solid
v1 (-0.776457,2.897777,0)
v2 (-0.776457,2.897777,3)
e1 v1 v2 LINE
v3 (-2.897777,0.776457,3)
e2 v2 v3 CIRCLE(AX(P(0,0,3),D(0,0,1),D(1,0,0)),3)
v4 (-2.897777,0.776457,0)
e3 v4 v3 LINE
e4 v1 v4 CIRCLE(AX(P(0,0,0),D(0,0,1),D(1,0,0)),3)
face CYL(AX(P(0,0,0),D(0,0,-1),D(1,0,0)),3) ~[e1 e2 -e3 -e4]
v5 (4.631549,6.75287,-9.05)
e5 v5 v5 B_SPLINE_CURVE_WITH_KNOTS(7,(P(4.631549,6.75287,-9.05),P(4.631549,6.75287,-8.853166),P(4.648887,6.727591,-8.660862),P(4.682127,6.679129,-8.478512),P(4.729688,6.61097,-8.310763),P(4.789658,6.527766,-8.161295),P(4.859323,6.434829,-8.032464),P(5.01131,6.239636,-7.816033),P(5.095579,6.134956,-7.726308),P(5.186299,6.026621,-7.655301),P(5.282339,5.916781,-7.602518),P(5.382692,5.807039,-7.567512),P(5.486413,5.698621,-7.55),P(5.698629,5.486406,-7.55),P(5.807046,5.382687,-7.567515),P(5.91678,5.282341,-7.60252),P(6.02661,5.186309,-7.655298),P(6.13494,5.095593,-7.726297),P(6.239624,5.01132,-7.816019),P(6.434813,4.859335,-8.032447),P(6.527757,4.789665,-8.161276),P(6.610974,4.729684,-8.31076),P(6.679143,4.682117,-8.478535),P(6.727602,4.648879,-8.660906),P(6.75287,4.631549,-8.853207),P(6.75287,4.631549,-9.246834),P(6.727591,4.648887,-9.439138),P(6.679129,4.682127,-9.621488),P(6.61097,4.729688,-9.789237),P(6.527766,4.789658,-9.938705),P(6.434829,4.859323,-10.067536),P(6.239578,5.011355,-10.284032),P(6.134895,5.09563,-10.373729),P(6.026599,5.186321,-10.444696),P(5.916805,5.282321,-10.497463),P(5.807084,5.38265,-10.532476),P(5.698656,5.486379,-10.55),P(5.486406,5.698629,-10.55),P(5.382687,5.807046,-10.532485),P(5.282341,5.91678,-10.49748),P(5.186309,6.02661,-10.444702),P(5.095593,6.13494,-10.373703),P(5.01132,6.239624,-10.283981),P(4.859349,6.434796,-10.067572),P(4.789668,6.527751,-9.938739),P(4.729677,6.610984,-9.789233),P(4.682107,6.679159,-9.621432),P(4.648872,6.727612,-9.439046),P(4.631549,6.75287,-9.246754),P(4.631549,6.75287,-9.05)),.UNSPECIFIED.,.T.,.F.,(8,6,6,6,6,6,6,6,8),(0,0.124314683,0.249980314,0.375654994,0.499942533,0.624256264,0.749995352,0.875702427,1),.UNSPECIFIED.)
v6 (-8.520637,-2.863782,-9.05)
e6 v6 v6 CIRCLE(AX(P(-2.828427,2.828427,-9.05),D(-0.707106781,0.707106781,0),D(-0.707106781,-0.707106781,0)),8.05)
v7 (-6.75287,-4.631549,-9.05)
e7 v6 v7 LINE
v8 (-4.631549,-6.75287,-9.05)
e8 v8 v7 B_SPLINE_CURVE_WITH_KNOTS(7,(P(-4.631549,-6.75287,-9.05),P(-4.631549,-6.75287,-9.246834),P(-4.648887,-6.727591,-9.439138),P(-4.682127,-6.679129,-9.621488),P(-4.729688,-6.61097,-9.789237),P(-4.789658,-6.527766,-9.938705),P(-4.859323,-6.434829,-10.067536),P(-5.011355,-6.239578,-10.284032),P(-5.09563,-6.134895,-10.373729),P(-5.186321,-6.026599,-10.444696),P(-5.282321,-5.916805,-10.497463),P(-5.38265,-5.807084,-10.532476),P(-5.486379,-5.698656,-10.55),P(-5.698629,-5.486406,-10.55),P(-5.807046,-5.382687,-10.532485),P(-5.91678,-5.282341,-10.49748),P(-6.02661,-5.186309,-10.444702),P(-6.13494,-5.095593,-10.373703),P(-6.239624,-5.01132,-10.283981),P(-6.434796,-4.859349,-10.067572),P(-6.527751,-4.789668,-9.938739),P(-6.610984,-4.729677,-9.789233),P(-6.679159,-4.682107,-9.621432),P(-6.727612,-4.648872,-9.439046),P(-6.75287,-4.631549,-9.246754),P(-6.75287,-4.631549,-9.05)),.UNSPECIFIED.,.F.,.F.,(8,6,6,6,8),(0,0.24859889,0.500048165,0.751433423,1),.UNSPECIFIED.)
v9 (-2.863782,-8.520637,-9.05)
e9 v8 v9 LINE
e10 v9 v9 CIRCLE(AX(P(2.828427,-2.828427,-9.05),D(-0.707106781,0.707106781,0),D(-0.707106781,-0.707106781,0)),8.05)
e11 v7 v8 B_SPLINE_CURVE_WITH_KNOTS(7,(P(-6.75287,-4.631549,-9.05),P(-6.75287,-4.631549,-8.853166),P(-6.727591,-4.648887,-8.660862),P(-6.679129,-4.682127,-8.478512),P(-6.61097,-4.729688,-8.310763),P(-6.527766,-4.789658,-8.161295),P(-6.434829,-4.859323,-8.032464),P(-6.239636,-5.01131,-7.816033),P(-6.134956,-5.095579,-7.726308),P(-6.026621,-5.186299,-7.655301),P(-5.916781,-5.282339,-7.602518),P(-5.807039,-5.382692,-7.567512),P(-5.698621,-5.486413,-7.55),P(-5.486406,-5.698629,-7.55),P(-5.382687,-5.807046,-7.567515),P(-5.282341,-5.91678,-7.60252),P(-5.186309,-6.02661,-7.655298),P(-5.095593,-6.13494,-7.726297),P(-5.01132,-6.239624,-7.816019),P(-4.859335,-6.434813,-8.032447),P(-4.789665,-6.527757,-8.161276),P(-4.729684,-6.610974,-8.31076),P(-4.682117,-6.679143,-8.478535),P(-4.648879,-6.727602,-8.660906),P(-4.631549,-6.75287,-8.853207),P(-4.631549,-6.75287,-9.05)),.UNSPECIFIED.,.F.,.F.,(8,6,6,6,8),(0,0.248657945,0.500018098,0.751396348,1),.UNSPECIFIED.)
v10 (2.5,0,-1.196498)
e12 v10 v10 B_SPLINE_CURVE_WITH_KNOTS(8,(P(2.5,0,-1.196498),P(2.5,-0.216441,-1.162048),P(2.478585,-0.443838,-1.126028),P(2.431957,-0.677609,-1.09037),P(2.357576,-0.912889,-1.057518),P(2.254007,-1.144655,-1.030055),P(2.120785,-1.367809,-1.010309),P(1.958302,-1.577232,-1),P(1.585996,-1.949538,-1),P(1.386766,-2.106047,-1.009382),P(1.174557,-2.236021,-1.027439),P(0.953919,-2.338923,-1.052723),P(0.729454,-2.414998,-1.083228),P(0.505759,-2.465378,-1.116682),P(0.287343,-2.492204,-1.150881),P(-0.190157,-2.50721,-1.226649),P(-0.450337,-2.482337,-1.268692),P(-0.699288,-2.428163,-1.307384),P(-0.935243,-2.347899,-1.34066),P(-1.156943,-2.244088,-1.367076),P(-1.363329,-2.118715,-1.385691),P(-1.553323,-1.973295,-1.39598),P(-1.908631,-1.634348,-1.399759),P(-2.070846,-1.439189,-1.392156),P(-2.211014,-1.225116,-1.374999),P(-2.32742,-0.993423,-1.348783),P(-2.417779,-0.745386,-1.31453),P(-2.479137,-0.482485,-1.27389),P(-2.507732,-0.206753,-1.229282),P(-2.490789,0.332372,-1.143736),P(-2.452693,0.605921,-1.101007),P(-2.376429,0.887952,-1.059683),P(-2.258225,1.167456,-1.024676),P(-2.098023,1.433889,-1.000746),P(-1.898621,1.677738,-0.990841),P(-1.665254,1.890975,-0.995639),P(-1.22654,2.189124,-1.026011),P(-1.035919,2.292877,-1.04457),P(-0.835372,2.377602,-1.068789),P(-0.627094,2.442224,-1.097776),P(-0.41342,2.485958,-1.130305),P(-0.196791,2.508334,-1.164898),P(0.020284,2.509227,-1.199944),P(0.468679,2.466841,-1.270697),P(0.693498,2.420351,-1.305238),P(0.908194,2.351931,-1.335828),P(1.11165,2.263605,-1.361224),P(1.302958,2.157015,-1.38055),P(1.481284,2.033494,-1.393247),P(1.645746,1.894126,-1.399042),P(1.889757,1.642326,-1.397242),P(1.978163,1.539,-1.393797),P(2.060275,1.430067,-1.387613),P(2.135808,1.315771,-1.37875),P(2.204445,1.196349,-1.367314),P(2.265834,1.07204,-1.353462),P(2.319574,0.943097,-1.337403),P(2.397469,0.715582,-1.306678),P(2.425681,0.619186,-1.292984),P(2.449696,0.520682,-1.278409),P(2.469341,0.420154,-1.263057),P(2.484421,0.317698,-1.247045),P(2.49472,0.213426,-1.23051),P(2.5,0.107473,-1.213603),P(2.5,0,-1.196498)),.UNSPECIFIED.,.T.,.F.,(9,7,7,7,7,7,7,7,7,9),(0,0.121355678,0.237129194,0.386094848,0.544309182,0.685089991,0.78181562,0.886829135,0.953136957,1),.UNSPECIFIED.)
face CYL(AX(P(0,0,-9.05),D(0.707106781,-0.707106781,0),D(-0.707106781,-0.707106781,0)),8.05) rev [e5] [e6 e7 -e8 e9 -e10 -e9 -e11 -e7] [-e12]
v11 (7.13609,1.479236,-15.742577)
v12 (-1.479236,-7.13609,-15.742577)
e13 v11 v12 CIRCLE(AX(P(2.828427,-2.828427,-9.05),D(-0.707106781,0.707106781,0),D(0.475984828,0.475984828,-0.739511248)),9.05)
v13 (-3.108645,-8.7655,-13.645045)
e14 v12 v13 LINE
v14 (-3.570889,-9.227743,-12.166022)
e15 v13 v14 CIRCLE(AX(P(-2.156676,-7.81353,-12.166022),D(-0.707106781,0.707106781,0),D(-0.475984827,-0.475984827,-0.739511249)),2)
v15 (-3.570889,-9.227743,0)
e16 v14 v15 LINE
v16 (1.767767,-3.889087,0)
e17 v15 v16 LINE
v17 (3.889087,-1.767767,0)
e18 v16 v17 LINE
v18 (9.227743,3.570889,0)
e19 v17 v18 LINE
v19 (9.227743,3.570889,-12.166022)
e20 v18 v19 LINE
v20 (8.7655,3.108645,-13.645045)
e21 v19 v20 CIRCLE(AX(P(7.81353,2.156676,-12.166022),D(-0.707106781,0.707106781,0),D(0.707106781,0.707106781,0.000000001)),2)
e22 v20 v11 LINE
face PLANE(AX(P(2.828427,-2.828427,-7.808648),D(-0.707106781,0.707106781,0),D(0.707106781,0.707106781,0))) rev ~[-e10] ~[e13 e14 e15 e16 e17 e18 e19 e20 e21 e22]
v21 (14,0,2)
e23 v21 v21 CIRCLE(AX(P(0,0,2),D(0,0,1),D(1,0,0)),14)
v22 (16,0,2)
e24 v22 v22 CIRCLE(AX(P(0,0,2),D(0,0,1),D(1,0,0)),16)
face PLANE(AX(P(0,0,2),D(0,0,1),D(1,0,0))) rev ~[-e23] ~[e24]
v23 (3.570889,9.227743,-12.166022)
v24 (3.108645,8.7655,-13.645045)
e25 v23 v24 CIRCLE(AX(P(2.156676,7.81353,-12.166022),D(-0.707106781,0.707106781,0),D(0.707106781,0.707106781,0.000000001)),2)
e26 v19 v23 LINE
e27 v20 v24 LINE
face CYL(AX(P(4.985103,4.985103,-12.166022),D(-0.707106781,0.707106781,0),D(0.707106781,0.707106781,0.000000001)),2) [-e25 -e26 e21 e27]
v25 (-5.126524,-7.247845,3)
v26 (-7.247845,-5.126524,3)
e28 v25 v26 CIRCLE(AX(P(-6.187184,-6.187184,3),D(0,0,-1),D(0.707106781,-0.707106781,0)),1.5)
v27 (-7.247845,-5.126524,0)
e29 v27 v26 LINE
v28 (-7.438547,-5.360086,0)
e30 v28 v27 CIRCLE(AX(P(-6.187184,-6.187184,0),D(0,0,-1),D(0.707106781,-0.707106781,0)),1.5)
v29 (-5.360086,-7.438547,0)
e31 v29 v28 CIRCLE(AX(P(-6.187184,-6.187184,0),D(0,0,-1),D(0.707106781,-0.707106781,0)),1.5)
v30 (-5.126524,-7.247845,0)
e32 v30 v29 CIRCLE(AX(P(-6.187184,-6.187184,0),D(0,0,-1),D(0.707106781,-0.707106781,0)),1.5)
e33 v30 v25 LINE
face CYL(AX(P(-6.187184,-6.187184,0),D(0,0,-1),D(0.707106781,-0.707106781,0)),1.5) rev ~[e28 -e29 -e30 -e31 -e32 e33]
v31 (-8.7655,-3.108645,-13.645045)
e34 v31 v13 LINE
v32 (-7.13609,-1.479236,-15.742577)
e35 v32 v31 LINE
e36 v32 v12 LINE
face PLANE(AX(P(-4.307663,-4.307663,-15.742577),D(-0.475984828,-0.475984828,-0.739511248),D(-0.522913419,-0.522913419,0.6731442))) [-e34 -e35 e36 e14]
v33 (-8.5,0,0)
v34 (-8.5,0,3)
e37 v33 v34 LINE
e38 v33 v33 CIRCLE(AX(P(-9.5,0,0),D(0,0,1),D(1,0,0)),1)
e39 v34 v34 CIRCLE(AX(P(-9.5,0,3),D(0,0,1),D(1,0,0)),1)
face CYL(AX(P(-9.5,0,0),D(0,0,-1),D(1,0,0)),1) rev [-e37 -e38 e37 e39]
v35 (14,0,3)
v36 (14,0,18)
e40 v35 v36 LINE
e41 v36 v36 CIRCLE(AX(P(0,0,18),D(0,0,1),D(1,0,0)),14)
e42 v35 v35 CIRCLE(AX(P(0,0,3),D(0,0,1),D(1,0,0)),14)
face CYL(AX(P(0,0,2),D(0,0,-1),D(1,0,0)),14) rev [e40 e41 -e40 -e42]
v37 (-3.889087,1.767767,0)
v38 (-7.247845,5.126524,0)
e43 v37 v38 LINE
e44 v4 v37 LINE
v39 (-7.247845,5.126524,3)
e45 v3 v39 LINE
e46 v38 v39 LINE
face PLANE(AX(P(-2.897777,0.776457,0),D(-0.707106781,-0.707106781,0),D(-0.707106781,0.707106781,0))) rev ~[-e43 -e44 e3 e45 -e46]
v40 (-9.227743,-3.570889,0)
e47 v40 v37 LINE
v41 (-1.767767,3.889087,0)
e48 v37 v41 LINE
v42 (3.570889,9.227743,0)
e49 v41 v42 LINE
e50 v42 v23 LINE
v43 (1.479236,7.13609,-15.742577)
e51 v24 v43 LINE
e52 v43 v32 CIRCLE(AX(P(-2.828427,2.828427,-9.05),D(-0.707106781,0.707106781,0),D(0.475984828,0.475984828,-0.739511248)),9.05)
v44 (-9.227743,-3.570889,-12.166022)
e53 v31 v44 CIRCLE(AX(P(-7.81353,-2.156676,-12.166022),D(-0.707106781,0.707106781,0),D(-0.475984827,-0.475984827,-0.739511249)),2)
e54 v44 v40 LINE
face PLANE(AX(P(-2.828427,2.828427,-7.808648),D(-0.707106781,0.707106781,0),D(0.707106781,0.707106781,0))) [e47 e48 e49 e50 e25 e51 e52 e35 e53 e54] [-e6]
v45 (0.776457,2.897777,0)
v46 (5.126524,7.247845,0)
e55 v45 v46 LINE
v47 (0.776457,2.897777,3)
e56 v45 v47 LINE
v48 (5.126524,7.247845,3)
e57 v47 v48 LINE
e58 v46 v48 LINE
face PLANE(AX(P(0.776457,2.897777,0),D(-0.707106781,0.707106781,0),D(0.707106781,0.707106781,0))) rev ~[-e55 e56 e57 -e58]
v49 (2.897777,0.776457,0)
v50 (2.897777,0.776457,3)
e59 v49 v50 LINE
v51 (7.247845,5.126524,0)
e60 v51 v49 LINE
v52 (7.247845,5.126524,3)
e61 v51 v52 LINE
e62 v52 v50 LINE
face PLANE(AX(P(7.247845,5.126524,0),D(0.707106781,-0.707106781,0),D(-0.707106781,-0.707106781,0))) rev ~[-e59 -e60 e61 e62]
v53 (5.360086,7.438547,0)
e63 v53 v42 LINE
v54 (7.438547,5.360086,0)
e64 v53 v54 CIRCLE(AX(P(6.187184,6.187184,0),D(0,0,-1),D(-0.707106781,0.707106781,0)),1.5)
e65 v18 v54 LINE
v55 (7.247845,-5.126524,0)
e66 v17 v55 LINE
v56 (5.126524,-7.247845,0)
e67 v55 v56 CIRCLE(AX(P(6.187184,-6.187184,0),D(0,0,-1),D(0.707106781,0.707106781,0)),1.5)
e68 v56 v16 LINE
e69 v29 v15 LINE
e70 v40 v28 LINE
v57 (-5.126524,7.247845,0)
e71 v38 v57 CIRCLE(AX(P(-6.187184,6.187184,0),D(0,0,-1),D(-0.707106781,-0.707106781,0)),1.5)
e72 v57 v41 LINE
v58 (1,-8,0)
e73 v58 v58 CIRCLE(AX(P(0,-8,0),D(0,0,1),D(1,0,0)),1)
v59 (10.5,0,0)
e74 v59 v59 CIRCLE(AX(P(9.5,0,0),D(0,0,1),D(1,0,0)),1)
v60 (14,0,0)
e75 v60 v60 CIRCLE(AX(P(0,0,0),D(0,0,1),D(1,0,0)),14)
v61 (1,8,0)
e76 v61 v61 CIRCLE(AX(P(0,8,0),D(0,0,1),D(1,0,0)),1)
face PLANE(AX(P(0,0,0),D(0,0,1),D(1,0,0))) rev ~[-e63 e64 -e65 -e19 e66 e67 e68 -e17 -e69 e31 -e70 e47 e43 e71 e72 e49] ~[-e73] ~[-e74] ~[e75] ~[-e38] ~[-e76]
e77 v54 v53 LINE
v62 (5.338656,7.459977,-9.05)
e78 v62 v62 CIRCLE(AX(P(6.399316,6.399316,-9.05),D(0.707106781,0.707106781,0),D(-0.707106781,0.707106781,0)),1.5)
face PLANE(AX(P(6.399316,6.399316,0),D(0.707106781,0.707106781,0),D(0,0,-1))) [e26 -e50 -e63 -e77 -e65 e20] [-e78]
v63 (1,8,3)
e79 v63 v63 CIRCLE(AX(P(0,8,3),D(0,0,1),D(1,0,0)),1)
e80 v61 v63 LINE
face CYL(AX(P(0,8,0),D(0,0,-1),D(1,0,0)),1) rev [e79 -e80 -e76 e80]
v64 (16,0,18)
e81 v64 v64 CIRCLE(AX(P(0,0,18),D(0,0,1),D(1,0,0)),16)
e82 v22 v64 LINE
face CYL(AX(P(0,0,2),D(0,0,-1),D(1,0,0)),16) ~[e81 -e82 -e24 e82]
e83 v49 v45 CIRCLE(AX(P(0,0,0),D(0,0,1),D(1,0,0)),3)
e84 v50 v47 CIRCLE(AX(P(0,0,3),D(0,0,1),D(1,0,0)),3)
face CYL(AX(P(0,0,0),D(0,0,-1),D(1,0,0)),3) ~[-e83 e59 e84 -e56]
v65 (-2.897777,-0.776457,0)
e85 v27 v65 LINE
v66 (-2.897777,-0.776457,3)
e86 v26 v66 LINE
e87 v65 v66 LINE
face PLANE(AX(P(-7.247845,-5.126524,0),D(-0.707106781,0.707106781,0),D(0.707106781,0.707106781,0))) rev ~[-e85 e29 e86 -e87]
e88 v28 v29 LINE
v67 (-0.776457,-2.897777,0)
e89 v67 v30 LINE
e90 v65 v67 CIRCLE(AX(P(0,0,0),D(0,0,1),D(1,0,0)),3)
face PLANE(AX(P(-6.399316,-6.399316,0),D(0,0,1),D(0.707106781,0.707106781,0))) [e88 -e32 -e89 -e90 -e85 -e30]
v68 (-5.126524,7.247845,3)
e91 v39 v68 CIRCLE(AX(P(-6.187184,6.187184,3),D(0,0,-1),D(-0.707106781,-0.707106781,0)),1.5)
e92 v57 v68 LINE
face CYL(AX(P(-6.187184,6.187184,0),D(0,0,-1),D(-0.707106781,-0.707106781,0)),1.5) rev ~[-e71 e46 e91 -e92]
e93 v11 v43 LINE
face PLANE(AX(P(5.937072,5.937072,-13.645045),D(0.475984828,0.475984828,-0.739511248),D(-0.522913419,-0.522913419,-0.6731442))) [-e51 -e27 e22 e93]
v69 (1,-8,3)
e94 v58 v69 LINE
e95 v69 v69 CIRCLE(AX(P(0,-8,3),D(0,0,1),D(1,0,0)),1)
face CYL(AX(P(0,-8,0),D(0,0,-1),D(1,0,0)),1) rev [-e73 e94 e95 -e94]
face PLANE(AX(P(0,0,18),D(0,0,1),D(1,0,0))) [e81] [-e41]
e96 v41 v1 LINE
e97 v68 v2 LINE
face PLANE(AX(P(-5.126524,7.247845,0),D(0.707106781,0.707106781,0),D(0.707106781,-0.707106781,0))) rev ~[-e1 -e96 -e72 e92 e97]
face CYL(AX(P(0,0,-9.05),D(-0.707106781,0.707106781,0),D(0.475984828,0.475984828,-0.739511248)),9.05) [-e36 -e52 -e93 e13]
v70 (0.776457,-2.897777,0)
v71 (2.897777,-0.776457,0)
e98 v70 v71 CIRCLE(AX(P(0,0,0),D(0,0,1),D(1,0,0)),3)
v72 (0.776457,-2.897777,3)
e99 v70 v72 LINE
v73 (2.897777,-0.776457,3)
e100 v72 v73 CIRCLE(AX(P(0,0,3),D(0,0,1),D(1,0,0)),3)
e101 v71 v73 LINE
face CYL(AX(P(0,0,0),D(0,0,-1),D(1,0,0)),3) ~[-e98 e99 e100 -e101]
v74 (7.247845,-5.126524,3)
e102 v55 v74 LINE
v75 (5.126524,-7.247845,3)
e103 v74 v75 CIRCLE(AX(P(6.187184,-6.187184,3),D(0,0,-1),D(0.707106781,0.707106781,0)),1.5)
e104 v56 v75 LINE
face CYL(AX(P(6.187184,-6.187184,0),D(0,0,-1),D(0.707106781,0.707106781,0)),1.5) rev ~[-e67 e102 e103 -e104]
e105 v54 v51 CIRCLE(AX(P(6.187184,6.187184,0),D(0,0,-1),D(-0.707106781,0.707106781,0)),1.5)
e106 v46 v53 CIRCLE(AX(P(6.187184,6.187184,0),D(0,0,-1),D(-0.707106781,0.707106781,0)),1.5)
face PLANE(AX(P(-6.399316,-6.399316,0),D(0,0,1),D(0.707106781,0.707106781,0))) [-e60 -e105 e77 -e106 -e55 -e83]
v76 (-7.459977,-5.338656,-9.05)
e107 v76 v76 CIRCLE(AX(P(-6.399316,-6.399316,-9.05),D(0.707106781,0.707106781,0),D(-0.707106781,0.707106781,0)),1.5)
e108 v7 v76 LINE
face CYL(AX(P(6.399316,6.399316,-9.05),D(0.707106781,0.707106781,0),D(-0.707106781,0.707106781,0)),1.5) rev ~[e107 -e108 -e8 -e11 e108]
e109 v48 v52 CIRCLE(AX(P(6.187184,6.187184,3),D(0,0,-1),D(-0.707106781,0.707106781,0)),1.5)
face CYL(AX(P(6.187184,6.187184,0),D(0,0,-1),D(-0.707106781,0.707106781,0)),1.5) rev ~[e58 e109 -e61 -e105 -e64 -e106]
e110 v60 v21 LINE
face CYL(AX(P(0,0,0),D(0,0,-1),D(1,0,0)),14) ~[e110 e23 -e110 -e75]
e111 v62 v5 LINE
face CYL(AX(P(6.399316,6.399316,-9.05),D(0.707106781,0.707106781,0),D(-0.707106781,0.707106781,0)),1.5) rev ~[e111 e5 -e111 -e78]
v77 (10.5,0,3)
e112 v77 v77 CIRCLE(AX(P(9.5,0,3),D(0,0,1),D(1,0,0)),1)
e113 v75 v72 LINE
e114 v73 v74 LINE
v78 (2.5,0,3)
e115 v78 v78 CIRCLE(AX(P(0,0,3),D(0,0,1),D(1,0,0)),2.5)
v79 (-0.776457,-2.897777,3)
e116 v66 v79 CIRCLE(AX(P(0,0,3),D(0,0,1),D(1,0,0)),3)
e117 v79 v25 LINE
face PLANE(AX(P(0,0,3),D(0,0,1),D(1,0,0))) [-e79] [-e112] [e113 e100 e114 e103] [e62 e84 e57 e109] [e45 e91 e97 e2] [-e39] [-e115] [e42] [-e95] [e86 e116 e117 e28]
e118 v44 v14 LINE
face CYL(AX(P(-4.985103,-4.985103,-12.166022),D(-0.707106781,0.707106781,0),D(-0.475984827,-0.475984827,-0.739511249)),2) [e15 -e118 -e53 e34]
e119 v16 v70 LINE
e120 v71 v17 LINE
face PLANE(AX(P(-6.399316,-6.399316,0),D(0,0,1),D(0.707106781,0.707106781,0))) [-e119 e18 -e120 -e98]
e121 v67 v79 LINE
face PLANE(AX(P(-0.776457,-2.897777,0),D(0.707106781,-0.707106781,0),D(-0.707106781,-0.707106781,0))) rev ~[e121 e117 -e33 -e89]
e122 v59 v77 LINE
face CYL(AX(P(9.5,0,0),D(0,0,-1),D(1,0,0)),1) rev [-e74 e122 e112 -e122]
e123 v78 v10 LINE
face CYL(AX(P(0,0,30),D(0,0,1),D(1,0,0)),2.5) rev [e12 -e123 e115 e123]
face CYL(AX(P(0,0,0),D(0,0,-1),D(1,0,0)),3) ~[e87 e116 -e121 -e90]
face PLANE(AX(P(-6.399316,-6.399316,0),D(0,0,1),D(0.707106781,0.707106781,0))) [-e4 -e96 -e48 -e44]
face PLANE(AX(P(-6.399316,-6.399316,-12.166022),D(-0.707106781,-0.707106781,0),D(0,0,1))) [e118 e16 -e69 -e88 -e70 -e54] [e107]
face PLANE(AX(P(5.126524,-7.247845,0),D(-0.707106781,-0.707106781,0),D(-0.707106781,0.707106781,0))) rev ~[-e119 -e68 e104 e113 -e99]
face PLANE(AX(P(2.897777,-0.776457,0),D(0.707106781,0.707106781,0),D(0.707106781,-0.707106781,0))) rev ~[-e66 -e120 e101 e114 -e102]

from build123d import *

# Parameters (mm, degrees)
SKETCH1_R                = 14
SKETCH1_R_2              = 1
SKETCH1_R_3              = 3
BOSS_EXTRUDE1_DEPTH      = 3
BOSS_EXTRUDE2_DEPTH      = 15
BOSS_EXTRUDE2_DEPTH_BACK = 1
SKETCH2_R                = 16
SKETCH2_R_2              = 14
SKETCH3_R                = 8.05
BOSS_EXTRUDE3_DEPTH      = 4
CUT_EXTRUDE1_DEPTH       = 10
CUT_EXTRUDE1_DEPTH_BACK  = 30
SKETCH4_R                = 2.5
SKETCH5_R                = 1.5
CUT_EXTRUDE2_DEPTH       = 37.483814873


with BuildPart() as part:
    # Sketch1 → Boss-Extrude1 (new body)
    # profile 1 of 2: a face of its own
    with BuildSketch(Plane.XY):
        Circle(SKETCH1_R)
        with Locations((0, -8)):
            Circle(SKETCH1_R_2, mode=Mode.SUBTRACT)
        with BuildLine():
            ThreePointArc((7.247844507, -5.126524164), (7.247844507, -7.247844507), (5.126524164, -7.247844507))
            Line((5.126524164, -7.247844507), (0.776457135, -2.897777479))
            ThreePointArc((0.776457135, -2.897777479), (0, -3), (-0.776457135, -2.897777479))
            Line((-0.776457135, -2.897777479), (-5.126524164, -7.247844507))
            ThreePointArc((-5.126524164, -7.247844507), (-7.247844507, -7.247844507), (-7.247844507, -5.126524164))
            Line((-7.247844507, -5.126524164), (-2.897777479, -0.776457135))
            ThreePointArc((-2.897777479, -0.776457135), (-3, 0), (-2.897777479, 0.776457135))
            Line((-2.897777479, 0.776457135), (-7.247844507, 5.126524164))
            ThreePointArc((-7.247844507, 5.126524164), (-7.247844507, 7.247844507), (-5.126524164, 7.247844507))
            Line((-5.126524164, 7.247844507), (-0.776457135, 2.897777479))
            ThreePointArc((-0.776457135, 2.897777479), (0, 3), (0.776457135, 2.897777479))
            Line((0.776457135, 2.897777479), (5.126524164, 7.247844507))
            ThreePointArc((5.126524164, 7.247844507), (7.247844507, 7.247844507), (7.247844507, 5.126524164))
            Line((7.247844507, 5.126524164), (2.897777479, 0.776457135))
            ThreePointArc((2.897777479, 0.776457135), (2.974334584, 0.391578577), (3, 0))
            ThreePointArc((3, 0), (2.974334584, -0.391578577), (2.897777479, -0.776457135))
            Line((2.897777479, -0.776457135), (7.247844507, -5.126524164))
        make_face(mode=Mode.SUBTRACT)
        with Locations((-9.5, 0)):
            Circle(SKETCH1_R_2, mode=Mode.SUBTRACT)
        with Locations((9.5, 0)):
            Circle(SKETCH1_R_2, mode=Mode.SUBTRACT)
        with Locations((0, 8)):
            Circle(SKETCH1_R_2, mode=Mode.SUBTRACT)
    # profile 2 of 2: a face of its own
    with BuildSketch(Plane.XY):
        Circle(SKETCH1_R_3)
    extrude(amount=BOSS_EXTRUDE1_DEPTH)

    # Sketch2 → Boss-Extrude2 (add, two sides: drawn at the far end of the back side and taken through both)
    with BuildSketch(Plane.XY.offset(3).offset(-BOSS_EXTRUDE2_DEPTH_BACK)):
        Circle(SKETCH2_R)
        Circle(SKETCH2_R_2, mode=Mode.SUBTRACT)
    extrude(amount=BOSS_EXTRUDE2_DEPTH + BOSS_EXTRUDE2_DEPTH_BACK)

    # Sketch3 → Boss-Extrude3 (add, symmetric)
    with BuildSketch(Plane(origin=(0, 0, 0), x_dir=(0.7071067811865477, 0.7071067811865475, 0), z_dir=(-0.7071067811865475, 0.7071067811865477, 0))):
        with BuildLine():
            Line((-9.05, 9.05), (-9.05, 0))
            Line((-9.05, 0), (9.05, 0))
            Line((9.05, 0), (9.05, 9.05))
            Line((9.05, 9.05), (9.05, 12.166022099))
            ThreePointArc((9.05, 12.166022099), (8.879286309, 12.974546435), (8.396288399, 13.645044596))
            Line((8.396288399, 13.645044596), (6.091955006, 15.742576798))
            ThreePointArc((6.091955006, 15.742576798), (0, 18.1), (-6.091955006, 15.742576798))
            Line((-6.091955006, 15.742576798), (-8.396288399, 13.645044596))
            ThreePointArc((-8.396288399, 13.645044596), (-8.879286309, 12.974546435), (-9.05, 12.166022099))
            Line((-9.05, 12.166022099), (-9.05, 9.05))
        make_face()
        with Locations(Location((0, 9.05, 0), (0, 0, 180))):
            Circle(SKETCH3_R, mode=Mode.SUBTRACT)
    extrude(amount=BOSS_EXTRUDE3_DEPTH, both=True)

    # Sketch4 → Cut-Extrude1 (cut, two sides: drawn at the far end of the back side and taken through both)
    with BuildSketch(Plane(origin=(0, 0, 0), x_dir=(-1, 0, 0), z_dir=(0, 0, -1)).offset(-CUT_EXTRUDE1_DEPTH_BACK)):
        with Locations(Location((0, 0, 0), (0, 0, 180))):
            Circle(SKETCH4_R)
    extrude(amount=CUT_EXTRUDE1_DEPTH + CUT_EXTRUDE1_DEPTH_BACK, mode=Mode.SUBTRACT)

    # Sketch5 → Cut-Extrude2 (cut, through all)
    with BuildSketch(Plane(origin=(6.39931637, 6.39931637, 0), x_dir=(0, 0, -1), z_dir=(0.7071067811865476, 0.7071067811865476, 0))):
        with Locations(Location((9.05, 0, 0), (0, 0, 90))):
            Circle(SKETCH5_R)
    extrude(amount=-CUT_EXTRUDE2_DEPTH, mode=Mode.SUBTRACT)


solid = part.part
